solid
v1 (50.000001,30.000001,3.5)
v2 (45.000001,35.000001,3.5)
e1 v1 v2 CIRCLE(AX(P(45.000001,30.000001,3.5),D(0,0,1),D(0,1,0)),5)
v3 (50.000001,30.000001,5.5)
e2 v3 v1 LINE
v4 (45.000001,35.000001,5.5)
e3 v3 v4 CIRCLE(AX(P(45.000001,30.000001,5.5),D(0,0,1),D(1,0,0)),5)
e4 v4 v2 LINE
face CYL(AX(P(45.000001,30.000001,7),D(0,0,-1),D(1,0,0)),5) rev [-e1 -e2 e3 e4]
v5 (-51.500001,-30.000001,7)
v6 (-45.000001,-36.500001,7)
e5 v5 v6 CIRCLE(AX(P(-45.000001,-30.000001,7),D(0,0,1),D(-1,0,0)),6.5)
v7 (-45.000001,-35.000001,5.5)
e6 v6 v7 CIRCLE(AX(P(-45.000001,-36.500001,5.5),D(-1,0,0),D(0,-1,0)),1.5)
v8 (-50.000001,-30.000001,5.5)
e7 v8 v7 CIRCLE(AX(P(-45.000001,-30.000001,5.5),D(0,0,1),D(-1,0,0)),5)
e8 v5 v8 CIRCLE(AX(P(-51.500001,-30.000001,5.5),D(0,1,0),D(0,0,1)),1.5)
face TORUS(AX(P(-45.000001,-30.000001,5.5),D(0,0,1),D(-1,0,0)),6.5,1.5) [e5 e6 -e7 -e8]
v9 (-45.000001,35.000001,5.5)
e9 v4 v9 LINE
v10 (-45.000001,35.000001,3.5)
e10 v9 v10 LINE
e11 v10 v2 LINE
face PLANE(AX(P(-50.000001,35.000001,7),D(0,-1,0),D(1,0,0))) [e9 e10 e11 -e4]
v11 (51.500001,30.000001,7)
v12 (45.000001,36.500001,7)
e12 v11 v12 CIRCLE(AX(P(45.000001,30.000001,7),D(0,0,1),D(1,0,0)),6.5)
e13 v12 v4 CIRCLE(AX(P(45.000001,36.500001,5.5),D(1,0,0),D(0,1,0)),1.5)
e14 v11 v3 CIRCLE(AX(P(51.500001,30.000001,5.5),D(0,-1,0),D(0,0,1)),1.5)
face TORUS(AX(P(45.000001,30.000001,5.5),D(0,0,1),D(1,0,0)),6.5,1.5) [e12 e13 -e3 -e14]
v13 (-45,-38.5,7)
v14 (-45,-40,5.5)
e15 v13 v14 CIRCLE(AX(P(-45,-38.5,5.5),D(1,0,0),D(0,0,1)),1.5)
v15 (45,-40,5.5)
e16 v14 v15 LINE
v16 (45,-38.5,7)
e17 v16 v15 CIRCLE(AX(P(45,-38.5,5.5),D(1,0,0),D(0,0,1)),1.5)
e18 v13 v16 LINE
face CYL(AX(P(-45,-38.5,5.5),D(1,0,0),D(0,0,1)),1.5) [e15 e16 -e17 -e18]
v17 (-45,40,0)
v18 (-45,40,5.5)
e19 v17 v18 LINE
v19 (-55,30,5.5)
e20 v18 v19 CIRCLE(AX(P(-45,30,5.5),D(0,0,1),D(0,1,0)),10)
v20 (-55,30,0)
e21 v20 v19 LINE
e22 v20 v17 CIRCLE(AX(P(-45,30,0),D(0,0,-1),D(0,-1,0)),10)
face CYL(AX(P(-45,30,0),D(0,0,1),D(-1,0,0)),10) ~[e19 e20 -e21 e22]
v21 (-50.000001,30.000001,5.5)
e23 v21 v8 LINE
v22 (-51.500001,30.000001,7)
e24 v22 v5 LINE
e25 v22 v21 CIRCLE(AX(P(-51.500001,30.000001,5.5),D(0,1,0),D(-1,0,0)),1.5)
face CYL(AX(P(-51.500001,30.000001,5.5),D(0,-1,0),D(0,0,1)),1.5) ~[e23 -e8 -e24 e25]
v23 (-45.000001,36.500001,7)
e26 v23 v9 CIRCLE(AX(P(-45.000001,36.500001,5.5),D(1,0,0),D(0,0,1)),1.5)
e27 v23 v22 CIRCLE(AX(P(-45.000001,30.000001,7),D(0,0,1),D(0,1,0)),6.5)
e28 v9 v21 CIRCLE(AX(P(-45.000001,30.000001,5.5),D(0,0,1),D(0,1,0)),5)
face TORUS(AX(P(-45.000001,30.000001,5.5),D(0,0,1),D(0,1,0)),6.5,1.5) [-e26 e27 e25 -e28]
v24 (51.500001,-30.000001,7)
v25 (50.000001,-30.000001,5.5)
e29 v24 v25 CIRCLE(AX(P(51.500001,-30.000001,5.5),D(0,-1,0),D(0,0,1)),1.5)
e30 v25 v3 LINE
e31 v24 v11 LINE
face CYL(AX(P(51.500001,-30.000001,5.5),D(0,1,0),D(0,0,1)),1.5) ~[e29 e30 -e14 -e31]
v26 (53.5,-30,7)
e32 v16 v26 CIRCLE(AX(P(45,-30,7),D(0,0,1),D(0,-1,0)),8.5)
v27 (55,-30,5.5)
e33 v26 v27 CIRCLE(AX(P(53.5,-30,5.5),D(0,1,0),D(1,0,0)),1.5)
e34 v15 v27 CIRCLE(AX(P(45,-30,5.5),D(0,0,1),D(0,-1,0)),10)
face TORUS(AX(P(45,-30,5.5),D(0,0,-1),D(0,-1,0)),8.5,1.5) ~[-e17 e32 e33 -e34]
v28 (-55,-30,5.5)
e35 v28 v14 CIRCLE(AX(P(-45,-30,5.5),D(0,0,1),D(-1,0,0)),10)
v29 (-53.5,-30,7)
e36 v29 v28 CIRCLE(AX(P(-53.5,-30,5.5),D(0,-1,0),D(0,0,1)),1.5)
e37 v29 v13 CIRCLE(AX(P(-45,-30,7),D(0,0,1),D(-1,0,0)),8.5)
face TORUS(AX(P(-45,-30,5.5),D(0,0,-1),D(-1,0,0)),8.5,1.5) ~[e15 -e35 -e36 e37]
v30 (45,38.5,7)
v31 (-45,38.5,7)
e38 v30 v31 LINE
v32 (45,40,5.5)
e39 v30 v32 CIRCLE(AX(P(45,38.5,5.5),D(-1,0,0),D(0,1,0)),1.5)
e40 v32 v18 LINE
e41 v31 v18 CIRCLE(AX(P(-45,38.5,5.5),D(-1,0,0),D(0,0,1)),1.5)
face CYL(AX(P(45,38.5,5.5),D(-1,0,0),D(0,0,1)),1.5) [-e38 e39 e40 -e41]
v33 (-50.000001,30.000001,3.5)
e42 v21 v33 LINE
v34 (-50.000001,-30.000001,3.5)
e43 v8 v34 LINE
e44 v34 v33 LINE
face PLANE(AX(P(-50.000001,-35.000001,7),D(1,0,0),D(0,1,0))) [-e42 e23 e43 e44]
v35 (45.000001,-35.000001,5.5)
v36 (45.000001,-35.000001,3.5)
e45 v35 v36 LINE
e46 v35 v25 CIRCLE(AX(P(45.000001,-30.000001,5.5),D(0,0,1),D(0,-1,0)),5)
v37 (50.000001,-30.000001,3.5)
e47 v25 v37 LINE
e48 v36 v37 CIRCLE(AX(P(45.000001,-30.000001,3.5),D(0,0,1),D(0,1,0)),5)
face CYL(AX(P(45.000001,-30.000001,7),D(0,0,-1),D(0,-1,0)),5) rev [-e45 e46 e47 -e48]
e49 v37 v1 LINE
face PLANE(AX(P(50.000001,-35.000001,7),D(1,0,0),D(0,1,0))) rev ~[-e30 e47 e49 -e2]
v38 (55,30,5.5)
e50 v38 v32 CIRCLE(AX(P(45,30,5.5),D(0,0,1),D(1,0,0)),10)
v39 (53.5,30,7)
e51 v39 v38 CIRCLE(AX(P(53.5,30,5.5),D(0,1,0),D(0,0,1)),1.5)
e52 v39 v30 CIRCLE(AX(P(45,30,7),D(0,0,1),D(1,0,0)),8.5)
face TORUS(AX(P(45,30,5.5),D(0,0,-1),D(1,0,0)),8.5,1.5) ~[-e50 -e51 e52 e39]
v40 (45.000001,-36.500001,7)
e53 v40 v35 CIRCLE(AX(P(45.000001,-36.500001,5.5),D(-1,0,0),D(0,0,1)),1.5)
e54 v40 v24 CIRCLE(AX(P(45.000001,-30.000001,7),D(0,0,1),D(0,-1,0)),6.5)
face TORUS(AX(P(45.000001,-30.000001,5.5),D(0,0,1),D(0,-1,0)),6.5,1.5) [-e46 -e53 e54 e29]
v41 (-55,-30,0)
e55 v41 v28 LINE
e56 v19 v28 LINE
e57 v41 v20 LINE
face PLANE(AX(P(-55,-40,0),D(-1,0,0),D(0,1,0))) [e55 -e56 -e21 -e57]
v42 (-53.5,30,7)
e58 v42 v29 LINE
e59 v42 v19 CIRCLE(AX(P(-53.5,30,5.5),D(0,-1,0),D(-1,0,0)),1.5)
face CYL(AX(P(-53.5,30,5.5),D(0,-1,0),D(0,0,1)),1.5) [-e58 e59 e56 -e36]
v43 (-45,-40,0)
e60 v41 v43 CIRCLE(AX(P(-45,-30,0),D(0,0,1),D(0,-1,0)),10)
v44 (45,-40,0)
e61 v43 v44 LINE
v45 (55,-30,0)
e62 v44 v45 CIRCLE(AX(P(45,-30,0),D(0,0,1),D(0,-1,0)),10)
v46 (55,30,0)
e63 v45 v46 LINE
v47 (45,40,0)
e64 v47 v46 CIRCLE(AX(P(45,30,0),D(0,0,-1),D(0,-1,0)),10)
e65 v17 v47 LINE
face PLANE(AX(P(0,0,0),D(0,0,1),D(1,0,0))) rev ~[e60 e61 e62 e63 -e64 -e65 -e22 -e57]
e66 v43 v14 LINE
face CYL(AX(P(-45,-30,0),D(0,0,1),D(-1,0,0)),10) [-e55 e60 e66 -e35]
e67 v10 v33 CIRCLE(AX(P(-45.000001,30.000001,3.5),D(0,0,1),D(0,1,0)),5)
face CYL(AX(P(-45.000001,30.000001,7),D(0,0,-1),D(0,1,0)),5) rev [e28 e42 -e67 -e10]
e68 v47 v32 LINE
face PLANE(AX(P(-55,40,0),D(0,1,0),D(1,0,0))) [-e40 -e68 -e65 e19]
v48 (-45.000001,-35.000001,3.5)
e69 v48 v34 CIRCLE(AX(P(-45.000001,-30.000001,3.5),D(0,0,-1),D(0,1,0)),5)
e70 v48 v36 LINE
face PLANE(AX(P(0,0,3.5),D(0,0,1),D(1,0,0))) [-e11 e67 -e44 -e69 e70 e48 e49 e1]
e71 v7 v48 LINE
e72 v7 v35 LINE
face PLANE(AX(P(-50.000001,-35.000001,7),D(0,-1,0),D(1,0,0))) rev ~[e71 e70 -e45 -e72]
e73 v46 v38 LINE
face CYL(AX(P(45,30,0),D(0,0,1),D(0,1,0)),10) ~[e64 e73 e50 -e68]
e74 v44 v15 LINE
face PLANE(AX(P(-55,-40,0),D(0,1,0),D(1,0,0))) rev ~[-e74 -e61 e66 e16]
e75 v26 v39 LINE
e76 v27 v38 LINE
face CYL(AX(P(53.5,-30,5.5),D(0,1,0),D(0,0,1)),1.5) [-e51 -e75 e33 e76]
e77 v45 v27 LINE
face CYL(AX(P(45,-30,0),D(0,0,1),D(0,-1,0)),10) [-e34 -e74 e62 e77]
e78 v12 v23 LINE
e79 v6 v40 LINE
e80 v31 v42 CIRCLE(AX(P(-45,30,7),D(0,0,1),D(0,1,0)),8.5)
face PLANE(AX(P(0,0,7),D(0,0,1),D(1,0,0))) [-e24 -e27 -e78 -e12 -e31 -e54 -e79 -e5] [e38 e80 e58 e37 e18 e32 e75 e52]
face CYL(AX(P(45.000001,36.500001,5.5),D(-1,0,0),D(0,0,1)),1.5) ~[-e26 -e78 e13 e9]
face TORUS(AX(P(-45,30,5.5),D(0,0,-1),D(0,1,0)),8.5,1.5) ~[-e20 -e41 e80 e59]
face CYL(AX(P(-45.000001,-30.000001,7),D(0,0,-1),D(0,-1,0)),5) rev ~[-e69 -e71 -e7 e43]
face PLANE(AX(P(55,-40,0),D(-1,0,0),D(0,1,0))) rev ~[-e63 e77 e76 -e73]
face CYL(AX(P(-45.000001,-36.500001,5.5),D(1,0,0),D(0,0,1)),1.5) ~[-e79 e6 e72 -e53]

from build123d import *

# Parameters (mm, degrees)
F0_W     = 110
F0_H     = 80
F1_DEPTH = 7
F2_W     = 100.000002
F2_H     = 70.000002
F3_DEPTH = 3.5
F4_R     = 5
F5_R     = 10
F6_R     = 1.5


with BuildPart() as f1:
    # F0 (on Top) → F1 (new body)
    with BuildSketch(Plane.XY):
        Rectangle(F0_W, F0_H)
    extrude(amount=F1_DEPTH)

    # F2 (on face) → F3 (cut)
    with BuildSketch(Plane.XY.offset(7)):
        Rectangle(F2_W, F2_H)
    extrude(amount=-F3_DEPTH, mode=Mode.SUBTRACT)

    # F4
    f4_edges = [f1.edges().sort_by_distance(p)[0] for p in [
        (50.000001, -35.000001, 5.25),
        (-50.000001, -35.000001, 5.25),
        (-50.000001, 35.000001, 5.25),
        (50.000001, 35.000001, 5.25),
    ]]
    fillet(f4_edges, radius=F4_R)

    # F5
    f5_edges = [f1.edges().sort_by_distance(p)[0] for p in [
        (-55, -40, 3.5),
        (55, -40, 3.5),
        (55, 40, 3.5),
        (-55, 40, 3.5),
    ]]
    fillet(f5_edges, radius=F5_R)

    # F6
    f6_edges = [f1.edges().sort_by_distance(p)[0] for p in [
        (0, -40, 7),
        (50.000001, 0, 7),
    ]]
    fillet(f6_edges, radius=F6_R)


solid = f1.part
